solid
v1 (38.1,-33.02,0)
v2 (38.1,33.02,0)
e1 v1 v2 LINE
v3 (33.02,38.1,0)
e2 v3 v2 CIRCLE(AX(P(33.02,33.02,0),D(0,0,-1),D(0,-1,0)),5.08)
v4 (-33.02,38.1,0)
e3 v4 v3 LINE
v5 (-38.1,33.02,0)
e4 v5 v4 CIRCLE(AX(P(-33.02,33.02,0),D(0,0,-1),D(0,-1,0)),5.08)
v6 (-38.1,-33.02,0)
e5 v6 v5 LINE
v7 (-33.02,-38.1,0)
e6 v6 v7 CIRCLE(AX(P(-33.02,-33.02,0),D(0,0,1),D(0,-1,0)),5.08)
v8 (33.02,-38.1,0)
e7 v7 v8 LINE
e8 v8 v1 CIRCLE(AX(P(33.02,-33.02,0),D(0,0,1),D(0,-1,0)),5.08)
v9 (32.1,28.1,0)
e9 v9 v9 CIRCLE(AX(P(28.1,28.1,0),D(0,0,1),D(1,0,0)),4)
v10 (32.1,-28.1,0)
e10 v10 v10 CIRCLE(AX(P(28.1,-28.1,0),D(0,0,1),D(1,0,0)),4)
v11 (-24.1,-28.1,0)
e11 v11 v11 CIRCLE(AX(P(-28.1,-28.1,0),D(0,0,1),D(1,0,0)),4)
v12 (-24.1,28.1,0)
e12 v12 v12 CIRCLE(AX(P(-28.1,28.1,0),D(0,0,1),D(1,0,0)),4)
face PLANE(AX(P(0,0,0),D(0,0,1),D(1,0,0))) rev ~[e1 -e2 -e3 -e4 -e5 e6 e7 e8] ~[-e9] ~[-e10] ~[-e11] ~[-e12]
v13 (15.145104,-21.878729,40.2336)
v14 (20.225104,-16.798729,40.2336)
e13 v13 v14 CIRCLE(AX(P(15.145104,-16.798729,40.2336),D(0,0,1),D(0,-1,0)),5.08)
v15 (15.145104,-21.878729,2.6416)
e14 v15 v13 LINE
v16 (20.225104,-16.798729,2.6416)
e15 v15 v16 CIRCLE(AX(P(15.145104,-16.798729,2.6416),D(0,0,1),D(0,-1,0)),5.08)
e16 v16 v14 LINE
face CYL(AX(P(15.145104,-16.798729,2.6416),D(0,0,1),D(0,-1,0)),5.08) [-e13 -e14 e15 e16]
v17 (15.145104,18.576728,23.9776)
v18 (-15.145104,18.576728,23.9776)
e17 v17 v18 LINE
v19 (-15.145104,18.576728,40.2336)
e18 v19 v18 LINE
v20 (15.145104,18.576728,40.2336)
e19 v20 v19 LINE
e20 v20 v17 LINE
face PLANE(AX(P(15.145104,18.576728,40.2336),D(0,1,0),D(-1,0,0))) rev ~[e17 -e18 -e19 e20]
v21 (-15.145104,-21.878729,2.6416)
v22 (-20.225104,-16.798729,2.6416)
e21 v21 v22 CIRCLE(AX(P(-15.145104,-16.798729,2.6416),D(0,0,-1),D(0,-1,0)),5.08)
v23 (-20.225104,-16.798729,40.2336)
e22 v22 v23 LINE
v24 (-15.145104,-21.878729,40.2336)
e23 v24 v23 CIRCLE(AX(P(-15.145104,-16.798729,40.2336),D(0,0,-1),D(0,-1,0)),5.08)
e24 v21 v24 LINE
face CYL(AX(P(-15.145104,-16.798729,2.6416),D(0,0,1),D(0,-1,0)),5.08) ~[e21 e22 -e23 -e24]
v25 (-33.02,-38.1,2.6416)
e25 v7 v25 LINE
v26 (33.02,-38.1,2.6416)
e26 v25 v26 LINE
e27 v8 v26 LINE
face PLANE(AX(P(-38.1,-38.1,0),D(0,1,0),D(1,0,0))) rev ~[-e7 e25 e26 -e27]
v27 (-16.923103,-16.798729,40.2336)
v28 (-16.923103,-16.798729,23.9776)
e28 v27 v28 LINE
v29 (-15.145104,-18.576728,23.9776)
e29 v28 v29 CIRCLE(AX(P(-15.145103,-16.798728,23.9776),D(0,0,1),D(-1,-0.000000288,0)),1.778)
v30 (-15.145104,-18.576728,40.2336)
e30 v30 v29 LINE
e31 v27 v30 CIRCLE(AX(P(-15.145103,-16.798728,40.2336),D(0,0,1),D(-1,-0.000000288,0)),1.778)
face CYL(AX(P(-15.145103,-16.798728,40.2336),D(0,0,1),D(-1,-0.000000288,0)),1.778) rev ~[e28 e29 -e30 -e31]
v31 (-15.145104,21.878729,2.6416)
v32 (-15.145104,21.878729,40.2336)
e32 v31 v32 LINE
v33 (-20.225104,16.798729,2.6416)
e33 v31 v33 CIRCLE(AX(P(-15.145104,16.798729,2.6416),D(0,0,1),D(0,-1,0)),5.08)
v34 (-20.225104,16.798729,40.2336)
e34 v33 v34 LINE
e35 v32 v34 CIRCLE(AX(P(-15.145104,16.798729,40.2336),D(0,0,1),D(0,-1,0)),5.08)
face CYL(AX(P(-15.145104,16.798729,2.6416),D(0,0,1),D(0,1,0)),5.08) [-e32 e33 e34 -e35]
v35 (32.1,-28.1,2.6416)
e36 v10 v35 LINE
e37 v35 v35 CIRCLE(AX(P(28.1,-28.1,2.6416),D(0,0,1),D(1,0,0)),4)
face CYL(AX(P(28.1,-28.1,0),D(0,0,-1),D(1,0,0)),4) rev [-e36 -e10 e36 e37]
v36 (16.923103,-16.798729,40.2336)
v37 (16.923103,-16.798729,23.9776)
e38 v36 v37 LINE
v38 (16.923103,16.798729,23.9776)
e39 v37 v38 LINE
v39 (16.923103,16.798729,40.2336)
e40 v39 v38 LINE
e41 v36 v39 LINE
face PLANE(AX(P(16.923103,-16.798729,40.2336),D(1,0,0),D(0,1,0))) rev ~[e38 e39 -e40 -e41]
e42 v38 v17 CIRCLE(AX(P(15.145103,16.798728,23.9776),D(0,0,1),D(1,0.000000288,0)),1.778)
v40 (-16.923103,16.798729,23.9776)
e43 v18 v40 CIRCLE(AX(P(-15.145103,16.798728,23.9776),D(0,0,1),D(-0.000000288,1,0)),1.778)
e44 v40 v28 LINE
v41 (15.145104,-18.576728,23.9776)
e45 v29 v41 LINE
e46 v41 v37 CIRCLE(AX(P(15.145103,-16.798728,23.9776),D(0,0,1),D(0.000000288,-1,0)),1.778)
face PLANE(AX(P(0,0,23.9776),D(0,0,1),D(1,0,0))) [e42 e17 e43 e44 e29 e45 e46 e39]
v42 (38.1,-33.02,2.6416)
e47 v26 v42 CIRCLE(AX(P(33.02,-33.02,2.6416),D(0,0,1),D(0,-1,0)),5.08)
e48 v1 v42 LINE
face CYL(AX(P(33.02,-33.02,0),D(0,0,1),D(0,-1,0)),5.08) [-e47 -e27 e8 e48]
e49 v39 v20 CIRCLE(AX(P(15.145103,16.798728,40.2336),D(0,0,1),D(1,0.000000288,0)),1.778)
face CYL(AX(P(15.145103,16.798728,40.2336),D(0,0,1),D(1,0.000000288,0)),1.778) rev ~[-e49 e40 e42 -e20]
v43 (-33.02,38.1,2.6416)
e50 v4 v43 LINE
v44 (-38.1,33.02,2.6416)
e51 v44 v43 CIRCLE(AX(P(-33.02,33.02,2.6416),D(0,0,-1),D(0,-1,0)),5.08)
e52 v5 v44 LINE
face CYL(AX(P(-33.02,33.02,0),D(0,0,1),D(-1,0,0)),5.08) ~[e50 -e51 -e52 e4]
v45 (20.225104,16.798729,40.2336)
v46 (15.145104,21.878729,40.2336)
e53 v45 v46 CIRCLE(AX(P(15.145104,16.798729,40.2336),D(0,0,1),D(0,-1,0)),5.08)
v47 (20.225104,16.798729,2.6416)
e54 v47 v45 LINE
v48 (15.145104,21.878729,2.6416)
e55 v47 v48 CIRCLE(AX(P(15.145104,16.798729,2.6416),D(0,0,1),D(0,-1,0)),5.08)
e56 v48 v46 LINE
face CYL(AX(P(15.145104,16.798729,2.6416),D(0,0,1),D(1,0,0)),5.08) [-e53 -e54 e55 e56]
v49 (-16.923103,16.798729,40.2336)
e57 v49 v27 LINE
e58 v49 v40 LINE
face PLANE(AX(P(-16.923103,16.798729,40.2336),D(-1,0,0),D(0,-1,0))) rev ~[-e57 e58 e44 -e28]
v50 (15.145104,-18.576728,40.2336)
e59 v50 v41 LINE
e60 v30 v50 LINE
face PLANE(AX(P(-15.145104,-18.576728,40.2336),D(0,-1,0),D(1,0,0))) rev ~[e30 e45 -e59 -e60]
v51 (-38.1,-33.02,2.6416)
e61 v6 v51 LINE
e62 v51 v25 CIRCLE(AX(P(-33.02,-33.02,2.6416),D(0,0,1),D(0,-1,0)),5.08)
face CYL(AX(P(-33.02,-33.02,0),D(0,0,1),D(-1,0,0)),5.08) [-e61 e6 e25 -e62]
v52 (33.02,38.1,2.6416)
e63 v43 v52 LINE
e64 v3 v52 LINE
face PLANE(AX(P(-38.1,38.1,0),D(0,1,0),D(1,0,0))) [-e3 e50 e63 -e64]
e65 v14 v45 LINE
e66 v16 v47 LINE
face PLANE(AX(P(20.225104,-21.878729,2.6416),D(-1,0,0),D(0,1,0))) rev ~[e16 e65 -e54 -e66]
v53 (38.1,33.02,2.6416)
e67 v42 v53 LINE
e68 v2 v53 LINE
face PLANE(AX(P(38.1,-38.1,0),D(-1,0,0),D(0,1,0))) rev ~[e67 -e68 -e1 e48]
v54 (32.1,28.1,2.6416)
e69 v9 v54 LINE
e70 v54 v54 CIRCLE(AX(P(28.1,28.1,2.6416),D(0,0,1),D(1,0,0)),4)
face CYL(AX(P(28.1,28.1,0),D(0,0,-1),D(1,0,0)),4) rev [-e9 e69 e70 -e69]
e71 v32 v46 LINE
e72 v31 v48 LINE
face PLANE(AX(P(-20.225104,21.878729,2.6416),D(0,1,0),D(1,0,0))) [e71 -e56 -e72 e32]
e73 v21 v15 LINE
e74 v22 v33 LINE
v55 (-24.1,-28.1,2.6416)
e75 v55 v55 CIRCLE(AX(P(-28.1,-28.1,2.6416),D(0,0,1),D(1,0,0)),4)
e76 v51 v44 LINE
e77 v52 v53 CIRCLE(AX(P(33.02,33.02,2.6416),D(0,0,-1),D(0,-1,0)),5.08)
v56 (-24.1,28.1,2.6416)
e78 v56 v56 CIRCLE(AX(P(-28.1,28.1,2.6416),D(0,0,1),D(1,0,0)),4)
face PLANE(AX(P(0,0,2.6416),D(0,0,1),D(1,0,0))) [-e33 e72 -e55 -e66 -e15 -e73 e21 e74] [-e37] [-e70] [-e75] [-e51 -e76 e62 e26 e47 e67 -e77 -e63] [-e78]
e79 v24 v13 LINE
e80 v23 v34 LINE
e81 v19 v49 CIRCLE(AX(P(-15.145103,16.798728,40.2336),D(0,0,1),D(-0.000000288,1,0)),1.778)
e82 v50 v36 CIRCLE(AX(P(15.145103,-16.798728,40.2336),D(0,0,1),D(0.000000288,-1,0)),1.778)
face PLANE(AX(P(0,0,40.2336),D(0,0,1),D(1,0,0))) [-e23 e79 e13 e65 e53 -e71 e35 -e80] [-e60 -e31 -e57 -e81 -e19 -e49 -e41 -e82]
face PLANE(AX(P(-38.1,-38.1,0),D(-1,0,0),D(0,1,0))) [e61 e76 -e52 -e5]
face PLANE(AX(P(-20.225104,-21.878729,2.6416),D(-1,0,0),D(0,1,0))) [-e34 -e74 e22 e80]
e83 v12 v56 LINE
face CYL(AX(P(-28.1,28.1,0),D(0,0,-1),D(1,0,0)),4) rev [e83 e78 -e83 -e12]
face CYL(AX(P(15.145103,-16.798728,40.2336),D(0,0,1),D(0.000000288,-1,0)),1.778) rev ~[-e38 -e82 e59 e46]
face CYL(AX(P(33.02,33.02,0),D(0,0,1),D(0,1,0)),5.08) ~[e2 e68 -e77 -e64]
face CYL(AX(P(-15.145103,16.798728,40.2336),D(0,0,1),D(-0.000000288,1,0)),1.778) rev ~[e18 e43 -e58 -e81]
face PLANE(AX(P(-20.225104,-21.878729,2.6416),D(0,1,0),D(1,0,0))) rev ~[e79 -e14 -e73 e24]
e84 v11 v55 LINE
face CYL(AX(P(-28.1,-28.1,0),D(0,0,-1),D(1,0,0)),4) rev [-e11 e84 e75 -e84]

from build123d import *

# Parameters (mm, degrees)
F0_W     = 76.2
F0_H     = 76.2
F0_R     = 4
F1_DEPTH = 2.6416
F2_R     = 5.08
F3_W     = 40.450208
F3_H     = 43.757458
F4_DEPTH = 37.592
F5_R     = 5.08
F7_DEPTH = 16.256


with BuildPart() as f1:
    # F0 (on Top) → F1 (new body)
    with BuildSketch(Plane.XY):
        Rectangle(F0_W, F0_H)
        with Locations((-28.1, -28.1)):
            Circle(F0_R, mode=Mode.SUBTRACT)
        with Locations((28.1, -28.1)):
            Circle(F0_R, mode=Mode.SUBTRACT)
        with Locations((-28.1, 28.1)):
            Circle(F0_R, mode=Mode.SUBTRACT)
        with Locations((28.1, 28.1)):
            Circle(F0_R, mode=Mode.SUBTRACT)
    extrude(amount=F1_DEPTH)

    # F2
    f2_edges = [f1.edges().sort_by_distance(p)[0] for p in [
        (-38.1, -38.1, 1.3208),
        (38.1, -38.1, 1.3208),
        (38.1, 38.1, 1.3208),
        (-38.1, 38.1, 1.3208),
    ]]
    fillet(f2_edges, radius=F2_R)

    # F3 (on face) → F4 (join)
    with BuildSketch(Plane.XY.offset(2.6416)):
        Rectangle(F3_W, F3_H)
    extrude(amount=F4_DEPTH)

    # F5
    f5_edges = [f1.edges().sort_by_distance(p)[0] for p in [
        (-20.225104, -21.878729, 21.4376),
        (20.225104, -21.878729, 21.4376),
        (20.225104, 21.878729, 21.4376),
        (-20.225104, 21.878729, 21.4376),
    ]]
    fillet(f5_edges, radius=F5_R)

    # F6 (on face) → F7 (cut)
    with BuildSketch(Plane.XY.offset(40.2336)):
        with BuildLine():
            Line((-16.923103, 16.798729), (-16.923103, -16.798729))
            ThreePointArc((-16.923103, -16.798729), (-16.402339, -18.055964), (-15.145104, -18.576728))
            Line((-15.145104, -18.576728), (15.145104, -18.576728))
            ThreePointArc((15.145104, -18.576728), (16.402339, -18.055964), (16.923103, -16.798729))
            Line((16.923103, -16.798729), (16.923103, 16.798729))
            ThreePointArc((16.923103, 16.798729), (16.402339, 18.055964), (15.145104, 18.576728))
            Line((15.145104, 18.576728), (-15.145104, 18.576728))
            ThreePointArc((-15.145104, 18.576728), (-16.402339, 18.055964), (-16.923103, 16.798729))
        make_face()
    extrude(amount=-F7_DEPTH, mode=Mode.SUBTRACT)


solid = f1.part
